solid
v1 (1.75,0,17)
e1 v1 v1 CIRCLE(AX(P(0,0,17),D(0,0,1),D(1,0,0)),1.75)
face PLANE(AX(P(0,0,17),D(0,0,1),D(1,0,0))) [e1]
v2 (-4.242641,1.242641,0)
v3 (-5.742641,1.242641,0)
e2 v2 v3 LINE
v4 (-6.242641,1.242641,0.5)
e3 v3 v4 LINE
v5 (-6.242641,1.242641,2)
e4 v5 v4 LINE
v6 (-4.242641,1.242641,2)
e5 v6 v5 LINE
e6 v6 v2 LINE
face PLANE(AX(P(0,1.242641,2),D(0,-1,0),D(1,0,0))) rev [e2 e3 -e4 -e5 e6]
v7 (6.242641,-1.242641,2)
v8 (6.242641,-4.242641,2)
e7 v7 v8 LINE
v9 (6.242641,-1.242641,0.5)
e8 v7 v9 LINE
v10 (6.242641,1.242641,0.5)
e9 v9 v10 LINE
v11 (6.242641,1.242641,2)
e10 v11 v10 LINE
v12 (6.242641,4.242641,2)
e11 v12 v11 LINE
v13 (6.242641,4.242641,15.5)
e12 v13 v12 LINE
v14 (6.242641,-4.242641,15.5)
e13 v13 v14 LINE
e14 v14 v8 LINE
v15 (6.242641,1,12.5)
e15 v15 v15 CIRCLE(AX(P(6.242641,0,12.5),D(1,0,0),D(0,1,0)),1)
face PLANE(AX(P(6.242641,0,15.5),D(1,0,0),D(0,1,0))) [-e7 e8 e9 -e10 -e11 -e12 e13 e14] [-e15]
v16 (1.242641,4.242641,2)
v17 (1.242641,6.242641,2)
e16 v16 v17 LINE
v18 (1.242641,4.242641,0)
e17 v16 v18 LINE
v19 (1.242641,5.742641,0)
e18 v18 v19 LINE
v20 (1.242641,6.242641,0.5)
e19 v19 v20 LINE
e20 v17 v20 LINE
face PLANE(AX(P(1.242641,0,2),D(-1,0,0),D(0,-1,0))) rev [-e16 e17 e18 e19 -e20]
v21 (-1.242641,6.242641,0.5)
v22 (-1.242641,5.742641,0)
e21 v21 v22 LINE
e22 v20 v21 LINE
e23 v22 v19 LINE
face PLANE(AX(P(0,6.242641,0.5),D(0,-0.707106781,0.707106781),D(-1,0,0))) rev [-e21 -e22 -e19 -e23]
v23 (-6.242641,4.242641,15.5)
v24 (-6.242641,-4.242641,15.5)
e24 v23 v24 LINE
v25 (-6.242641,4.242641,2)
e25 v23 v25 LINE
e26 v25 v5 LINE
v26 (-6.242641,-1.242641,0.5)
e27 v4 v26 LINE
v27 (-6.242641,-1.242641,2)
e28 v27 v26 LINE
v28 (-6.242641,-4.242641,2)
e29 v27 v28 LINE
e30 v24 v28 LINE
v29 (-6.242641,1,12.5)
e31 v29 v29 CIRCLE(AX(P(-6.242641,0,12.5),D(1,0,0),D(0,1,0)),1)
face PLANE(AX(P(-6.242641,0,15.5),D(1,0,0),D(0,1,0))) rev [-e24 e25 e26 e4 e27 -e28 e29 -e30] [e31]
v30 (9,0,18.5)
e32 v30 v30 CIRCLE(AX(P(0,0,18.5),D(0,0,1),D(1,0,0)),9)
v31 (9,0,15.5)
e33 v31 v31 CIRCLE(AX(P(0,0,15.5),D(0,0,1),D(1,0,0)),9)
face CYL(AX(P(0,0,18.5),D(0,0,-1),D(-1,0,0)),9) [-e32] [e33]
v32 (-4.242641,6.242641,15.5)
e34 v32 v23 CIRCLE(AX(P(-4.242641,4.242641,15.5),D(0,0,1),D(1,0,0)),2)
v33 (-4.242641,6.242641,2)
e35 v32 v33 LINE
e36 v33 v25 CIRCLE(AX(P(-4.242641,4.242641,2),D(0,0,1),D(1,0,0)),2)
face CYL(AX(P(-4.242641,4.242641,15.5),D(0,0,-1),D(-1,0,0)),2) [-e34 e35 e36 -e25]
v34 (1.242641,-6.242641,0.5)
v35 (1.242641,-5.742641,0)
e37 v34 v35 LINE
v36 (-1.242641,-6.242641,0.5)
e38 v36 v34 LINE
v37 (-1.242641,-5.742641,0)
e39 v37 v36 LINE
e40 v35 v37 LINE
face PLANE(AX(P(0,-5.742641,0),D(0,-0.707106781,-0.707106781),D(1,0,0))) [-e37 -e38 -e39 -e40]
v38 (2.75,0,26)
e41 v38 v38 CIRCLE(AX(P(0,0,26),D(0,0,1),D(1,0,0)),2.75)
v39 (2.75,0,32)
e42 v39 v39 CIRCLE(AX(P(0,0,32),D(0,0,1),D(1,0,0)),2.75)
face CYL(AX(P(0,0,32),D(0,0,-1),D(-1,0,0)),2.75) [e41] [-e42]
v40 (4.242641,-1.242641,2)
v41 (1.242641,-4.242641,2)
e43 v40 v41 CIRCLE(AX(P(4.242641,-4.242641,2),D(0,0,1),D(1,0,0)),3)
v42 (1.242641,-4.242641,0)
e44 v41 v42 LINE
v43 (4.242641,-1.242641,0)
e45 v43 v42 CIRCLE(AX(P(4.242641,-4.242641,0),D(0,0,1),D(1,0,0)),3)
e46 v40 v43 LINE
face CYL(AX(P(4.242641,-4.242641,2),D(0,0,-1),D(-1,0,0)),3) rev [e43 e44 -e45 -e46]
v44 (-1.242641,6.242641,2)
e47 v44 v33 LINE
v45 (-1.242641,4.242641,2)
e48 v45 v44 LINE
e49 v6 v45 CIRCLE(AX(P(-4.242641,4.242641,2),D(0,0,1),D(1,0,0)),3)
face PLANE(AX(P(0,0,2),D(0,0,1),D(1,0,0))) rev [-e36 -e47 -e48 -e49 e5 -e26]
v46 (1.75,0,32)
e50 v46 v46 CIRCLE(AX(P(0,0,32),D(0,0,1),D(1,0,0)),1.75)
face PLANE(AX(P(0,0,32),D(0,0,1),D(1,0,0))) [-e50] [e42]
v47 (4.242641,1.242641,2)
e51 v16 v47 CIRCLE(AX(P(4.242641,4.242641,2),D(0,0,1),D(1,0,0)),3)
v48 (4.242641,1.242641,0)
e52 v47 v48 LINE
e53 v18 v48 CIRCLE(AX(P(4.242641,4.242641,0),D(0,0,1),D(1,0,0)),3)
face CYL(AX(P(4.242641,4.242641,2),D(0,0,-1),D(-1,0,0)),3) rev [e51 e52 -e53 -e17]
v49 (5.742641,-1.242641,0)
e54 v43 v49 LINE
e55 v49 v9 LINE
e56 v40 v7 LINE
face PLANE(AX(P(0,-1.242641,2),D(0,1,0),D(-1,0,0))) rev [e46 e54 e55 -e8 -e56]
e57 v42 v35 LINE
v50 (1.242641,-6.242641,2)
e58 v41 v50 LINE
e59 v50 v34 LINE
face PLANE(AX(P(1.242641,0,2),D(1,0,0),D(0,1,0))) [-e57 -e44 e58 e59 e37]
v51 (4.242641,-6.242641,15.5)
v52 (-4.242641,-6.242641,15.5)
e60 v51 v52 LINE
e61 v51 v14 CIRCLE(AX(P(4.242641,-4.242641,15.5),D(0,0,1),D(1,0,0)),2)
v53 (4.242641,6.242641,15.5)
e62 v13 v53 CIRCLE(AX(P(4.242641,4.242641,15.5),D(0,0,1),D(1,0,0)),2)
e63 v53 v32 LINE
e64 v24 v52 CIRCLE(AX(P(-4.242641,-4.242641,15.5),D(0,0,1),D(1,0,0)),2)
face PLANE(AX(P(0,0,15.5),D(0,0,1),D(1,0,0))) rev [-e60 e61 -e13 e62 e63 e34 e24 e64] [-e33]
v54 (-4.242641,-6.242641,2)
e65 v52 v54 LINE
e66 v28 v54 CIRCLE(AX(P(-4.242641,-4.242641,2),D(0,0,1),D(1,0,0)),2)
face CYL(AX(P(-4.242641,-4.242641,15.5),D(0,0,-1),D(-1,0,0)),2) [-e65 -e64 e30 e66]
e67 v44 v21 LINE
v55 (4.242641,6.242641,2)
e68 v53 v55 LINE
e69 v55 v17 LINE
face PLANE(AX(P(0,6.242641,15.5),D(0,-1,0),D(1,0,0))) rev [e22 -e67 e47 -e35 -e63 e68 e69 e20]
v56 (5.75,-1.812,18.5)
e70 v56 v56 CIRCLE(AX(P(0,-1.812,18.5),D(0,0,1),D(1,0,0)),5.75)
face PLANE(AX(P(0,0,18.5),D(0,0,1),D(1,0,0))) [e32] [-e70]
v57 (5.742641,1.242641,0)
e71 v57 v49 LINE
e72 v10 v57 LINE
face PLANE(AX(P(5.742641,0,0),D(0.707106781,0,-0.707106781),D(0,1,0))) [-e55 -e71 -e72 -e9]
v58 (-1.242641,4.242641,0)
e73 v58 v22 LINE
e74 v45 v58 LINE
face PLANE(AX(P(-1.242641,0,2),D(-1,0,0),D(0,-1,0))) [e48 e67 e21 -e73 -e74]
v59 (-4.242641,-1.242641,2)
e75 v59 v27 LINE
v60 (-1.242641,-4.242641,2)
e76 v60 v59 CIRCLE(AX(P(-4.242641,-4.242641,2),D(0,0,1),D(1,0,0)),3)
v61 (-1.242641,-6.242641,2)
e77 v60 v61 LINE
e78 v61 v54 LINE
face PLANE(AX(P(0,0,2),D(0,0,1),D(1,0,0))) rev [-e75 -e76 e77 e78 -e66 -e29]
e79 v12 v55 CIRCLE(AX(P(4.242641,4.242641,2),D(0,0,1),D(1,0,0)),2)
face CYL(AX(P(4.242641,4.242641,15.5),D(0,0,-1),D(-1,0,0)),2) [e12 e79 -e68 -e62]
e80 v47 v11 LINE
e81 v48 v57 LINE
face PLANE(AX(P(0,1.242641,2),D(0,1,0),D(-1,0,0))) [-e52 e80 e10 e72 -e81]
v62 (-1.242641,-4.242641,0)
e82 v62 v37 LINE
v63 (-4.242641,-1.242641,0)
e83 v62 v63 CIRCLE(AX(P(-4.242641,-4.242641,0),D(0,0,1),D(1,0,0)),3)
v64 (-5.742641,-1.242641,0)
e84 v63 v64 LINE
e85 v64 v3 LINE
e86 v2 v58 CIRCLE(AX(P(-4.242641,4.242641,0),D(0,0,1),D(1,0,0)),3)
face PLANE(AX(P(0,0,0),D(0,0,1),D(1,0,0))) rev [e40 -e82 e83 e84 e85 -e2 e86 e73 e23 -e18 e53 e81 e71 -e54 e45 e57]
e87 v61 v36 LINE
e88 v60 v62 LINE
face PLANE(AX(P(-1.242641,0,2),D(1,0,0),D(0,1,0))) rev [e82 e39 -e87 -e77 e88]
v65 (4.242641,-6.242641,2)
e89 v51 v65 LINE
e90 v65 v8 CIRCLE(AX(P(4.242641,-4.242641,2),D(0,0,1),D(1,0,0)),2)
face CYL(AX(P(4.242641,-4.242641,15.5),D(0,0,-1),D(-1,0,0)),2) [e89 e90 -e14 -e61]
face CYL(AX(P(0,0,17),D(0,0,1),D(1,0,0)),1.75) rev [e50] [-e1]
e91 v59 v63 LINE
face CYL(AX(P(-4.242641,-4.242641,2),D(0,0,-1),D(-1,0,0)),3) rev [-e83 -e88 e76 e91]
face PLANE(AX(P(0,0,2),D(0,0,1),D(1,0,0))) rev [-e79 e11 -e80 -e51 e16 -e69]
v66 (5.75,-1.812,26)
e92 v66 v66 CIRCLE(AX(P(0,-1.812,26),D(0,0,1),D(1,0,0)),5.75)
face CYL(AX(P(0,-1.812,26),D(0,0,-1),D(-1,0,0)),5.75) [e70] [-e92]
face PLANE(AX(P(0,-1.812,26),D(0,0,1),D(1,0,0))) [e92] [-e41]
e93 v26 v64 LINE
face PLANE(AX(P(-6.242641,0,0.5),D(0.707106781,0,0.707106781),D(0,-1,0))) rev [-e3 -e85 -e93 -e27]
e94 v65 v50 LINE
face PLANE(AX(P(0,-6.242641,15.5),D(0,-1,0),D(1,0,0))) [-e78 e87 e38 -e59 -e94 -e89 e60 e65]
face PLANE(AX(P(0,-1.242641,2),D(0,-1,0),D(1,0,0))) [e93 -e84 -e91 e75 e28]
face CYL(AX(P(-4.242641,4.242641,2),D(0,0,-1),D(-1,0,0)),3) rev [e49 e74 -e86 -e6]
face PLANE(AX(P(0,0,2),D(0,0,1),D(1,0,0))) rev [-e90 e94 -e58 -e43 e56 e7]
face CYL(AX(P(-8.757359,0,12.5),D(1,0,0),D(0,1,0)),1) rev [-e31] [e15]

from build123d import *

# Parameters (mm, degrees)
BOSS_EXTRUDE3_START = 5.5
SKETCH3_R           = 9
BOSS_EXTRUDE3_DEPTH = 3
SKETCH4_R           = 5.75
BOSS_EXTRUDE4_DEPTH = 7.5
SKETCH5_R           = 2.75
BOSS_EXTRUDE5_DEPTH = 6
BOSS_EXTRUDE8_DEPTH = 2
BOSS_EXTRUDE9_START = 2
BOSS_EXTRUDE9_DEPTH = 13.5
SKETCH6_R           = 1
CUT_EXTRUDE1_DEPTH  = 15
CHAMFER1_SIZE       = 0.5
SKETCH7_R           = 1.75
CUT_EXTRUDE2_DEPTH  = 15


with BuildPart() as part:
    # Sketch3 → Boss-Extrude3 (new body)
    with BuildSketch(Plane.XY.offset(10).offset(BOSS_EXTRUDE3_START)):
        Circle(SKETCH3_R)
    extrude(amount=BOSS_EXTRUDE3_DEPTH)

    # Sketch4 → Boss-Extrude4 (add)
    with BuildSketch(Plane.XY.offset(18.5)):
        with Locations((0, -1.812)):
            Circle(SKETCH4_R)
    extrude(amount=BOSS_EXTRUDE4_DEPTH)

    # Sketch5 → Boss-Extrude5 (add)
    with BuildSketch(Plane.XY.offset(26)):
        Circle(SKETCH5_R)
    extrude(amount=BOSS_EXTRUDE5_DEPTH)



with BuildPart() as body_2:
    # Sketch1 → Boss-Extrude8 (new body)
    with BuildSketch(Plane.XY):
        with BuildLine():
            Line((1.242640687, 4.242640687), (1.242640687, 6.242640687))
            Line((1.242640687, 6.242640687), (-1.242640687, 6.242640687))
            Line((-1.242640687, 6.242640687), (-1.242640687, 4.242640687))
            ThreePointArc((-1.242640687, 4.242640687), (-2.121320344, 2.121320343), (-4.242640687, 1.242640687))
            Line((-4.242640687, 1.242640687), (-6.242640687, 1.242640687))
            Line((-6.242640687, 1.242640687), (-6.242640687, -1.242640687))
            Line((-6.242640687, -1.242640687), (-4.242640687, -1.242640687))
            ThreePointArc((-4.242640687, -1.242640687), (-2.121320343, -2.121320344), (-1.242640687, -4.242640687))
            Line((-1.242640687, -4.242640687), (-1.242640687, -6.242640687))
            Line((-1.242640687, -6.242640687), (1.242640687, -6.242640687))
            Line((1.242640687, -6.242640687), (1.242640687, -4.242640687))
            ThreePointArc((1.242640687, -4.242640687), (2.121320344, -2.121320343), (4.242640687, -1.242640687))
            Line((4.242640687, -1.242640687), (6.242640687, -1.242640687))
            Line((6.242640687, -1.242640687), (6.242640687, 1.242640687))
            Line((6.242640687, 1.242640687), (4.242640687, 1.242640687))
            ThreePointArc((4.242640687, 1.242640687), (2.121320343, 2.121320344), (1.242640687, 4.242640687))
        make_face()
    extrude(amount=BOSS_EXTRUDE8_DEPTH)


with BuildPart() as part_1:
    add(part.part)

    add(body_2.part)  # Boss-Extrude9 merges body 2
    # Sketch1<7> → Boss-Extrude9 (add)
    with BuildSketch(Plane.XY.offset(BOSS_EXTRUDE9_START)):
        with BuildLine():
            Line((4.242640687, 6.242640687), (-4.242640687, 6.242640687))
            ThreePointArc((-4.242640687, 6.242640687), (-5.656854249, 5.656854249), (-6.242640687, 4.242640687))
            Line((-6.242640687, 4.242640687), (-6.242640687, -4.242640687))
            ThreePointArc((-6.242640687, -4.242640687), (-5.656854249, -5.656854249), (-4.242640687, -6.242640686))
            Line((-4.242640687, -6.242640687), (4.242640687, -6.242640687))
            ThreePointArc((4.242640687, -6.242640686), (5.656854249, -5.656854249), (6.242640686, -4.242640687))
            Line((6.242640687, -4.242640687), (6.242640687, 4.242640687))
            ThreePointArc((6.242640687, 4.242640687), (5.656854249, 5.656854249), (4.242640687, 6.242640687))
        make_face()
    extrude(amount=BOSS_EXTRUDE9_DEPTH)

    # Sketch6 → Cut-Extrude1 (cut)
    with BuildSketch(Plane(origin=(6.242640687, 0, 0), x_dir=(0, 0, -1), z_dir=(1, 0, 0))):
        with Locations((-12.5, 0)):
            Circle(SKETCH6_R)
    extrude(amount=-CUT_EXTRUDE1_DEPTH, mode=Mode.SUBTRACT)

    # Chamfer1
    chamfer1_edges = [part_1.edges().sort_by_distance(p)[0] for p in [
        (0, -6.242640687, 0),
        (6.242640687, 0, 0),
        (-6.242640687, 0, 0),
        (0, 6.242640687, 0),
    ]]
    chamfer(chamfer1_edges, length=CHAMFER1_SIZE)

    # Sketch7 → Cut-Extrude2 (cut)
    with BuildSketch(Plane.XY.offset(32)):
        Circle(SKETCH7_R)
    extrude(amount=-CUT_EXTRUDE2_DEPTH, mode=Mode.SUBTRACT)


solid = part_1.part
